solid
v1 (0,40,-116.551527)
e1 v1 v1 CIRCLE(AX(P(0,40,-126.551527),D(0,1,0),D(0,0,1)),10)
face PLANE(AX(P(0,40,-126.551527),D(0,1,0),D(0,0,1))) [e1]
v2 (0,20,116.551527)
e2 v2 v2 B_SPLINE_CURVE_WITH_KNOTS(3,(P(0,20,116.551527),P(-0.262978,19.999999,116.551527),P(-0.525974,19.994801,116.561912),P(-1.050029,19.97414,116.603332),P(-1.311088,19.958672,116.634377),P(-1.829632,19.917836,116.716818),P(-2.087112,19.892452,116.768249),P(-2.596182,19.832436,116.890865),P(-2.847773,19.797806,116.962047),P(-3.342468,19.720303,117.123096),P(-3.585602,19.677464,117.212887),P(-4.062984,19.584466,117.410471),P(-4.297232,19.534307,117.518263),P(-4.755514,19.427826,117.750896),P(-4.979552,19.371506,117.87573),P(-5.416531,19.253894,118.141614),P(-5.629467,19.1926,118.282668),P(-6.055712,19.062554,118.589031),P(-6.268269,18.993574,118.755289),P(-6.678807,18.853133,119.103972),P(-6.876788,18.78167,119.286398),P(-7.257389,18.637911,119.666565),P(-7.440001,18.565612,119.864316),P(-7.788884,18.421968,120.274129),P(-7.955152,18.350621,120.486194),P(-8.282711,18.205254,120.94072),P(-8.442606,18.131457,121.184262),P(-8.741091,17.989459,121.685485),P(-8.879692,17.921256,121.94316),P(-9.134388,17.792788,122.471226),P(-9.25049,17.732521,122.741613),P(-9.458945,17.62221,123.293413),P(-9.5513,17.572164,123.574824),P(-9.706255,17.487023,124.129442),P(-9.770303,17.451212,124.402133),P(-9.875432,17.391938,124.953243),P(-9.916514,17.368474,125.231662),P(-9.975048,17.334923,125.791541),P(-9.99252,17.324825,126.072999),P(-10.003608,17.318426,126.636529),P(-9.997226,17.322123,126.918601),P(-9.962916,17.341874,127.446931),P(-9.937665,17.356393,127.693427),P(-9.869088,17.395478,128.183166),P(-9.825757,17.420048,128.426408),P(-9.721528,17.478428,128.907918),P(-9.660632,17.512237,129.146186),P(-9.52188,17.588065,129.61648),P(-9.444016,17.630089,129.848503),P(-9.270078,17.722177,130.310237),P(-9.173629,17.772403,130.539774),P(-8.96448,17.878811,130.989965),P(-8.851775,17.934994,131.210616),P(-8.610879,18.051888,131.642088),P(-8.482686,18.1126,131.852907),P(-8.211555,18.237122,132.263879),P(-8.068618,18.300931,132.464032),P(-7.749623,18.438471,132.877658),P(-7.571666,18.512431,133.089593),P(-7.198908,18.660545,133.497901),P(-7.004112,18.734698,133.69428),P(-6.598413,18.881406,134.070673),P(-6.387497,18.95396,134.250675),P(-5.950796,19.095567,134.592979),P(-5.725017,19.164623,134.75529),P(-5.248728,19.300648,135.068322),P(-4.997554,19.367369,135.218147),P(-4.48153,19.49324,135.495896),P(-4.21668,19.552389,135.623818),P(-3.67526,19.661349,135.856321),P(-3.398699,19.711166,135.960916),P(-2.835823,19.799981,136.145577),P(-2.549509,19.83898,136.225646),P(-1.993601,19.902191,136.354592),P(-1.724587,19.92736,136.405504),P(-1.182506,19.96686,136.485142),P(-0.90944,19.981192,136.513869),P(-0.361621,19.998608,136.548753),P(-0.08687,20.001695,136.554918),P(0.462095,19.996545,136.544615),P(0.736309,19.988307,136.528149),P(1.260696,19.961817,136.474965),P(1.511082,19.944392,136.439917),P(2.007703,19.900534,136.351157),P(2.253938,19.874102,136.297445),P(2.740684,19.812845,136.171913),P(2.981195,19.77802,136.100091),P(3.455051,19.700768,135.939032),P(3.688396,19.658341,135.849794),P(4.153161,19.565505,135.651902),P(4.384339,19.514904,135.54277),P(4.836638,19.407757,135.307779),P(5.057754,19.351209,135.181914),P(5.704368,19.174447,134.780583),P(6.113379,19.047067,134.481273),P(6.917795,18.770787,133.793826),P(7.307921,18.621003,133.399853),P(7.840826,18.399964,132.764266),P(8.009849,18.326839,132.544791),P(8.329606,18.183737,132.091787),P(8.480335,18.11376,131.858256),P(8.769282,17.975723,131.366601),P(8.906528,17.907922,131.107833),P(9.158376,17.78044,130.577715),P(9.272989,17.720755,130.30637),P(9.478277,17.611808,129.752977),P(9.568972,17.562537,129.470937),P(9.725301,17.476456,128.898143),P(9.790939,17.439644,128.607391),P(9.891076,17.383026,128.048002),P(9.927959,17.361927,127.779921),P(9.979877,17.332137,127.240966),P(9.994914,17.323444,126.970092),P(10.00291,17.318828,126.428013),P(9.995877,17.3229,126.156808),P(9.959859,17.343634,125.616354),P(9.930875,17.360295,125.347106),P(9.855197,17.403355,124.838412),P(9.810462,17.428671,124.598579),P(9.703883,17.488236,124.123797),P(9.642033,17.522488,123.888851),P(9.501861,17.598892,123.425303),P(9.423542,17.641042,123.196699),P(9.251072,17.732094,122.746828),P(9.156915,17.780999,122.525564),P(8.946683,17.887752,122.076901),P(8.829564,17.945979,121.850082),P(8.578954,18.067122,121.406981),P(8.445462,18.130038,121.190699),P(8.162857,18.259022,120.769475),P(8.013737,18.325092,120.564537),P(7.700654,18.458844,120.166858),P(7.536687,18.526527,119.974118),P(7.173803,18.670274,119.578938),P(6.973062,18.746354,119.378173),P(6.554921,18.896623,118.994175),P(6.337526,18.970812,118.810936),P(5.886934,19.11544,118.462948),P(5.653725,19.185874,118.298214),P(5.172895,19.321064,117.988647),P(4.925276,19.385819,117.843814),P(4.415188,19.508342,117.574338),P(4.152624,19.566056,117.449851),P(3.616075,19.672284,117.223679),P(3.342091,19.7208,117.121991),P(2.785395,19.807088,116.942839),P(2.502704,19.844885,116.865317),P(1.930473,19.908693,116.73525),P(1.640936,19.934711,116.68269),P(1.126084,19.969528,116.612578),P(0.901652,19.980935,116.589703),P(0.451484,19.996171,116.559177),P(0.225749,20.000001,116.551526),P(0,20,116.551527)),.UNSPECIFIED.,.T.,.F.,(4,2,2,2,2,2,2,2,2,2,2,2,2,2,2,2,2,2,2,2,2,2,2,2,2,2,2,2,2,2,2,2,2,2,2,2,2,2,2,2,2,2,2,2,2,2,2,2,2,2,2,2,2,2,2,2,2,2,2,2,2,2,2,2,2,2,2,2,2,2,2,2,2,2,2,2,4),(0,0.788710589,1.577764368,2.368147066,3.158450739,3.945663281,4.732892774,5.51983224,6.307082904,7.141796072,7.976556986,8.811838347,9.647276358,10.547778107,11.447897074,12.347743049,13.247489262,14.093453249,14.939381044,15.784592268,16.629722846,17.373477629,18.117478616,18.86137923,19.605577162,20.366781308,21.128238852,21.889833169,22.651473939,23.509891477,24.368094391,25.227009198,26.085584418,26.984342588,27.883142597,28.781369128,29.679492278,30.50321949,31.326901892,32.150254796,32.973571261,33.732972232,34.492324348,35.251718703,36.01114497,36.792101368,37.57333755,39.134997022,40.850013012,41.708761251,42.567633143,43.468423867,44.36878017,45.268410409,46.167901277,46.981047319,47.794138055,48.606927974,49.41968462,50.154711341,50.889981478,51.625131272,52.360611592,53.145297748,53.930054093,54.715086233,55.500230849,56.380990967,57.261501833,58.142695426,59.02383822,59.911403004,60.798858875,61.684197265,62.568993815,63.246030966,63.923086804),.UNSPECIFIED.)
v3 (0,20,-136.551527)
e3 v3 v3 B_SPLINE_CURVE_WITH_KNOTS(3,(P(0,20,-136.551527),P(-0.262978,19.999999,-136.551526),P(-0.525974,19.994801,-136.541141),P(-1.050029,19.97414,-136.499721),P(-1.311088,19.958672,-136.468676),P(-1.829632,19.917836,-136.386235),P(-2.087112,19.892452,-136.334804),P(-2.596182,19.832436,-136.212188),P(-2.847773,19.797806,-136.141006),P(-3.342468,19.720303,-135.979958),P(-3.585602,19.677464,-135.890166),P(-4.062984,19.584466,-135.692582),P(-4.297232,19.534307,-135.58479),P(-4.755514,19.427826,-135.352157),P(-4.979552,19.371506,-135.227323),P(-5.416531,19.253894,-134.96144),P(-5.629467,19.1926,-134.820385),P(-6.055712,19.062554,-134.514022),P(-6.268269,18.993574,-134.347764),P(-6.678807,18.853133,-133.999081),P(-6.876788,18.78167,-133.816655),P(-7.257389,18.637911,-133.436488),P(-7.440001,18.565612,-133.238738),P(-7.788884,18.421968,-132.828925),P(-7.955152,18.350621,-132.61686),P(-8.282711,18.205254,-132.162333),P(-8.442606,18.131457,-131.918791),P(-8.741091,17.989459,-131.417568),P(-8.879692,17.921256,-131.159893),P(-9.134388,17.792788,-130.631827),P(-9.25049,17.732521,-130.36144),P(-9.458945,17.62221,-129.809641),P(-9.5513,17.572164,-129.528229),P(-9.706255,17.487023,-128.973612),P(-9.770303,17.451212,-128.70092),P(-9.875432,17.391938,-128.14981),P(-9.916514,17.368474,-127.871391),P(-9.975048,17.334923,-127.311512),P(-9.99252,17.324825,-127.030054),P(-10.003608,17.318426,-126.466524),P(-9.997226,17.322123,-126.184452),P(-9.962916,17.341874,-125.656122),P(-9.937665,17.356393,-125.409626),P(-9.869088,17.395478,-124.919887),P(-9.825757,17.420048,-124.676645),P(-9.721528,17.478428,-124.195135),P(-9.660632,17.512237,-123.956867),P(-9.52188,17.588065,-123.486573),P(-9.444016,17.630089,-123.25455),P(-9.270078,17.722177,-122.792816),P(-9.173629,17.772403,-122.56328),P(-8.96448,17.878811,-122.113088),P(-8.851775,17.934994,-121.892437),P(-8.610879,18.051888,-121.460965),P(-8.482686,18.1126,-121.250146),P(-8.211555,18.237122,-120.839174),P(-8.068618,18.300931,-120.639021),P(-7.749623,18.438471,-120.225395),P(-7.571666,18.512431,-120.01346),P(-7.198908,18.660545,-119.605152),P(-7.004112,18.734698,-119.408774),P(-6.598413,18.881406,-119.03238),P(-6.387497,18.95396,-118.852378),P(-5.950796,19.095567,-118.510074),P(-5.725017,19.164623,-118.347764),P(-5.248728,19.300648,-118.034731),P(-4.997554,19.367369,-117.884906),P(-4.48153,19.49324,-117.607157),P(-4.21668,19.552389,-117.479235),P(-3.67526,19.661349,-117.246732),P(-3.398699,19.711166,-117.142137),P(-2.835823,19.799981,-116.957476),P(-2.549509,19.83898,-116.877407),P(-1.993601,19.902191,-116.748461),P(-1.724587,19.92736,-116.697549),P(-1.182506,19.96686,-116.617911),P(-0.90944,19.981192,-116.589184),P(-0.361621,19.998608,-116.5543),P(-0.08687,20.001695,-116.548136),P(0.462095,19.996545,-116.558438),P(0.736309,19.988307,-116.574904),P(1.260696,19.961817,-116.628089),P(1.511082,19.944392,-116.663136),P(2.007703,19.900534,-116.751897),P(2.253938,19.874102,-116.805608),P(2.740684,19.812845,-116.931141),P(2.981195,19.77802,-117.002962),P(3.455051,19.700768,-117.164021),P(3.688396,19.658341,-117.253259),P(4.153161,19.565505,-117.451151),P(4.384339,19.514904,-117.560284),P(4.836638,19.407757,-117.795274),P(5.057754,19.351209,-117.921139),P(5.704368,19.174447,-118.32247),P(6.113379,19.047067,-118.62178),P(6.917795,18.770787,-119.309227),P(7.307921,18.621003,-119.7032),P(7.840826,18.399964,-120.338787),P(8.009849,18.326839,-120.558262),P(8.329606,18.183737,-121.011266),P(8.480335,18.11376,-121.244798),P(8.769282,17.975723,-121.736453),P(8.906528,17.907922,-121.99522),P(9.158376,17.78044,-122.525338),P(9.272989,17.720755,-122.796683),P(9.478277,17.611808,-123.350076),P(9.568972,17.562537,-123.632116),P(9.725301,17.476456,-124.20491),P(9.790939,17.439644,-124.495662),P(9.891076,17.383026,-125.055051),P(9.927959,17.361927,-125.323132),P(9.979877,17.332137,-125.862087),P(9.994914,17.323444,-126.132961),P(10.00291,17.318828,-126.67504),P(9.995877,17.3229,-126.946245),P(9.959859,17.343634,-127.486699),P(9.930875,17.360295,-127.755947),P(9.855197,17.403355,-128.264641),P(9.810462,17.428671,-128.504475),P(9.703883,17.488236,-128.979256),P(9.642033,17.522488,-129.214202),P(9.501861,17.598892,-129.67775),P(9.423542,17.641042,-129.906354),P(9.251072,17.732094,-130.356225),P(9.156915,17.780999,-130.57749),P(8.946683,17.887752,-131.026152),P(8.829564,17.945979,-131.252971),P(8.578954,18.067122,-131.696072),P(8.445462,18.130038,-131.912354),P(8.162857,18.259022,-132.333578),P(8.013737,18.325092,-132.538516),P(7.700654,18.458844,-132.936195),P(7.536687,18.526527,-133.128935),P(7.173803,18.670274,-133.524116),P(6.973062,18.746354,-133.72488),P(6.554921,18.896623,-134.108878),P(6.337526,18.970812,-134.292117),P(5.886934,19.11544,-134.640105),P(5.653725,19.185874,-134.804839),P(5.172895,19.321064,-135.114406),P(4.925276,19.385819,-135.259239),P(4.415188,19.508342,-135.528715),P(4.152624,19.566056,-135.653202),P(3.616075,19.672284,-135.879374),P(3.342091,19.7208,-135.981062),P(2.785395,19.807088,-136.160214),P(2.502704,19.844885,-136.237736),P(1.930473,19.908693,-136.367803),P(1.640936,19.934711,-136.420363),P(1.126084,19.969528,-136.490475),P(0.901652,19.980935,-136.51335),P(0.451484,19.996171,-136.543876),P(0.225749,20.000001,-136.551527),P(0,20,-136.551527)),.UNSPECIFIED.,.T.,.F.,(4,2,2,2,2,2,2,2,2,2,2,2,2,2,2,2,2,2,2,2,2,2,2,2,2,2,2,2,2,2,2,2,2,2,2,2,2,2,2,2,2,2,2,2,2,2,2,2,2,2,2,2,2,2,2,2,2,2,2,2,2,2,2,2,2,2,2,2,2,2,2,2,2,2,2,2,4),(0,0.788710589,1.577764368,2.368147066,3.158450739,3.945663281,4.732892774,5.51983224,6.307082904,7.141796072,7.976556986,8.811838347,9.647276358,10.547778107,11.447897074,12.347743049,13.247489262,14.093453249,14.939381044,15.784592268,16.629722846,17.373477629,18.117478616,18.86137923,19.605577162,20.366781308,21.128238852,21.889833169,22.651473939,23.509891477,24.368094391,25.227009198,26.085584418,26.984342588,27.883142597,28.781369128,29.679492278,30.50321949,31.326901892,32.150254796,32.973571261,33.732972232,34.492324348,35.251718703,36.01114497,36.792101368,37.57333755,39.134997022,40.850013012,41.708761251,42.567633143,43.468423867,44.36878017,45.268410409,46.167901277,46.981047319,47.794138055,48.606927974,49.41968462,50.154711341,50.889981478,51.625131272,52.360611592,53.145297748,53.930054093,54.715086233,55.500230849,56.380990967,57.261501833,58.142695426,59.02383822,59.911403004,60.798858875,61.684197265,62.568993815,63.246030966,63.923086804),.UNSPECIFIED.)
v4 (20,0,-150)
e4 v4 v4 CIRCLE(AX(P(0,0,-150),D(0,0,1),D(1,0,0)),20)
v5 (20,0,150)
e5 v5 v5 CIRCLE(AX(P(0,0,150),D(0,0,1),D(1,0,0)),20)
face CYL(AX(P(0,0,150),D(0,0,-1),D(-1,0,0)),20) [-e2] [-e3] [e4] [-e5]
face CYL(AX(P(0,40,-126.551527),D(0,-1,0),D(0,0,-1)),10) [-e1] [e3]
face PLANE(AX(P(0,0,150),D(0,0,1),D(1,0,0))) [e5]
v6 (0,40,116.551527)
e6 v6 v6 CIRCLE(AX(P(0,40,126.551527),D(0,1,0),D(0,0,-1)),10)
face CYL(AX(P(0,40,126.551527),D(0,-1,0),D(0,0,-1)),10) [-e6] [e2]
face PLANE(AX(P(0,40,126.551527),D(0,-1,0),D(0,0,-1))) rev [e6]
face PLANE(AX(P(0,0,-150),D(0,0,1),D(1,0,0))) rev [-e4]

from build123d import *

# Parameters (mm, degrees)
SKETCH_1_R      = 20
EXTRUDE_1_DEPTH = 150
SKETCH_3_R      = 10
EXTRUDE_2_DEPTH = 40


with BuildPart() as part:
    # 草图1 → 凸台-拉伸1 (new, symmetric)
    with BuildSketch(Plane.XY):
        Circle(SKETCH_1_R)
    extrude(amount=EXTRUDE_1_DEPTH, both=True)

    # 草图3 → 凸台-拉伸2 (add)
    with BuildSketch(Plane(origin=(0, 0, 0), x_dir=(1, 0, 0), z_dir=(0, 1, 0))):
        with Locations(Location((0, 126.551526586, 0), (0, 0, 90))):
            Circle(SKETCH_3_R)
        with Locations(Location((0, -126.551526586, 0), (0, 0, 90))):
            Circle(SKETCH_3_R)
    extrude(amount=EXTRUDE_2_DEPTH)


solid = part.part
